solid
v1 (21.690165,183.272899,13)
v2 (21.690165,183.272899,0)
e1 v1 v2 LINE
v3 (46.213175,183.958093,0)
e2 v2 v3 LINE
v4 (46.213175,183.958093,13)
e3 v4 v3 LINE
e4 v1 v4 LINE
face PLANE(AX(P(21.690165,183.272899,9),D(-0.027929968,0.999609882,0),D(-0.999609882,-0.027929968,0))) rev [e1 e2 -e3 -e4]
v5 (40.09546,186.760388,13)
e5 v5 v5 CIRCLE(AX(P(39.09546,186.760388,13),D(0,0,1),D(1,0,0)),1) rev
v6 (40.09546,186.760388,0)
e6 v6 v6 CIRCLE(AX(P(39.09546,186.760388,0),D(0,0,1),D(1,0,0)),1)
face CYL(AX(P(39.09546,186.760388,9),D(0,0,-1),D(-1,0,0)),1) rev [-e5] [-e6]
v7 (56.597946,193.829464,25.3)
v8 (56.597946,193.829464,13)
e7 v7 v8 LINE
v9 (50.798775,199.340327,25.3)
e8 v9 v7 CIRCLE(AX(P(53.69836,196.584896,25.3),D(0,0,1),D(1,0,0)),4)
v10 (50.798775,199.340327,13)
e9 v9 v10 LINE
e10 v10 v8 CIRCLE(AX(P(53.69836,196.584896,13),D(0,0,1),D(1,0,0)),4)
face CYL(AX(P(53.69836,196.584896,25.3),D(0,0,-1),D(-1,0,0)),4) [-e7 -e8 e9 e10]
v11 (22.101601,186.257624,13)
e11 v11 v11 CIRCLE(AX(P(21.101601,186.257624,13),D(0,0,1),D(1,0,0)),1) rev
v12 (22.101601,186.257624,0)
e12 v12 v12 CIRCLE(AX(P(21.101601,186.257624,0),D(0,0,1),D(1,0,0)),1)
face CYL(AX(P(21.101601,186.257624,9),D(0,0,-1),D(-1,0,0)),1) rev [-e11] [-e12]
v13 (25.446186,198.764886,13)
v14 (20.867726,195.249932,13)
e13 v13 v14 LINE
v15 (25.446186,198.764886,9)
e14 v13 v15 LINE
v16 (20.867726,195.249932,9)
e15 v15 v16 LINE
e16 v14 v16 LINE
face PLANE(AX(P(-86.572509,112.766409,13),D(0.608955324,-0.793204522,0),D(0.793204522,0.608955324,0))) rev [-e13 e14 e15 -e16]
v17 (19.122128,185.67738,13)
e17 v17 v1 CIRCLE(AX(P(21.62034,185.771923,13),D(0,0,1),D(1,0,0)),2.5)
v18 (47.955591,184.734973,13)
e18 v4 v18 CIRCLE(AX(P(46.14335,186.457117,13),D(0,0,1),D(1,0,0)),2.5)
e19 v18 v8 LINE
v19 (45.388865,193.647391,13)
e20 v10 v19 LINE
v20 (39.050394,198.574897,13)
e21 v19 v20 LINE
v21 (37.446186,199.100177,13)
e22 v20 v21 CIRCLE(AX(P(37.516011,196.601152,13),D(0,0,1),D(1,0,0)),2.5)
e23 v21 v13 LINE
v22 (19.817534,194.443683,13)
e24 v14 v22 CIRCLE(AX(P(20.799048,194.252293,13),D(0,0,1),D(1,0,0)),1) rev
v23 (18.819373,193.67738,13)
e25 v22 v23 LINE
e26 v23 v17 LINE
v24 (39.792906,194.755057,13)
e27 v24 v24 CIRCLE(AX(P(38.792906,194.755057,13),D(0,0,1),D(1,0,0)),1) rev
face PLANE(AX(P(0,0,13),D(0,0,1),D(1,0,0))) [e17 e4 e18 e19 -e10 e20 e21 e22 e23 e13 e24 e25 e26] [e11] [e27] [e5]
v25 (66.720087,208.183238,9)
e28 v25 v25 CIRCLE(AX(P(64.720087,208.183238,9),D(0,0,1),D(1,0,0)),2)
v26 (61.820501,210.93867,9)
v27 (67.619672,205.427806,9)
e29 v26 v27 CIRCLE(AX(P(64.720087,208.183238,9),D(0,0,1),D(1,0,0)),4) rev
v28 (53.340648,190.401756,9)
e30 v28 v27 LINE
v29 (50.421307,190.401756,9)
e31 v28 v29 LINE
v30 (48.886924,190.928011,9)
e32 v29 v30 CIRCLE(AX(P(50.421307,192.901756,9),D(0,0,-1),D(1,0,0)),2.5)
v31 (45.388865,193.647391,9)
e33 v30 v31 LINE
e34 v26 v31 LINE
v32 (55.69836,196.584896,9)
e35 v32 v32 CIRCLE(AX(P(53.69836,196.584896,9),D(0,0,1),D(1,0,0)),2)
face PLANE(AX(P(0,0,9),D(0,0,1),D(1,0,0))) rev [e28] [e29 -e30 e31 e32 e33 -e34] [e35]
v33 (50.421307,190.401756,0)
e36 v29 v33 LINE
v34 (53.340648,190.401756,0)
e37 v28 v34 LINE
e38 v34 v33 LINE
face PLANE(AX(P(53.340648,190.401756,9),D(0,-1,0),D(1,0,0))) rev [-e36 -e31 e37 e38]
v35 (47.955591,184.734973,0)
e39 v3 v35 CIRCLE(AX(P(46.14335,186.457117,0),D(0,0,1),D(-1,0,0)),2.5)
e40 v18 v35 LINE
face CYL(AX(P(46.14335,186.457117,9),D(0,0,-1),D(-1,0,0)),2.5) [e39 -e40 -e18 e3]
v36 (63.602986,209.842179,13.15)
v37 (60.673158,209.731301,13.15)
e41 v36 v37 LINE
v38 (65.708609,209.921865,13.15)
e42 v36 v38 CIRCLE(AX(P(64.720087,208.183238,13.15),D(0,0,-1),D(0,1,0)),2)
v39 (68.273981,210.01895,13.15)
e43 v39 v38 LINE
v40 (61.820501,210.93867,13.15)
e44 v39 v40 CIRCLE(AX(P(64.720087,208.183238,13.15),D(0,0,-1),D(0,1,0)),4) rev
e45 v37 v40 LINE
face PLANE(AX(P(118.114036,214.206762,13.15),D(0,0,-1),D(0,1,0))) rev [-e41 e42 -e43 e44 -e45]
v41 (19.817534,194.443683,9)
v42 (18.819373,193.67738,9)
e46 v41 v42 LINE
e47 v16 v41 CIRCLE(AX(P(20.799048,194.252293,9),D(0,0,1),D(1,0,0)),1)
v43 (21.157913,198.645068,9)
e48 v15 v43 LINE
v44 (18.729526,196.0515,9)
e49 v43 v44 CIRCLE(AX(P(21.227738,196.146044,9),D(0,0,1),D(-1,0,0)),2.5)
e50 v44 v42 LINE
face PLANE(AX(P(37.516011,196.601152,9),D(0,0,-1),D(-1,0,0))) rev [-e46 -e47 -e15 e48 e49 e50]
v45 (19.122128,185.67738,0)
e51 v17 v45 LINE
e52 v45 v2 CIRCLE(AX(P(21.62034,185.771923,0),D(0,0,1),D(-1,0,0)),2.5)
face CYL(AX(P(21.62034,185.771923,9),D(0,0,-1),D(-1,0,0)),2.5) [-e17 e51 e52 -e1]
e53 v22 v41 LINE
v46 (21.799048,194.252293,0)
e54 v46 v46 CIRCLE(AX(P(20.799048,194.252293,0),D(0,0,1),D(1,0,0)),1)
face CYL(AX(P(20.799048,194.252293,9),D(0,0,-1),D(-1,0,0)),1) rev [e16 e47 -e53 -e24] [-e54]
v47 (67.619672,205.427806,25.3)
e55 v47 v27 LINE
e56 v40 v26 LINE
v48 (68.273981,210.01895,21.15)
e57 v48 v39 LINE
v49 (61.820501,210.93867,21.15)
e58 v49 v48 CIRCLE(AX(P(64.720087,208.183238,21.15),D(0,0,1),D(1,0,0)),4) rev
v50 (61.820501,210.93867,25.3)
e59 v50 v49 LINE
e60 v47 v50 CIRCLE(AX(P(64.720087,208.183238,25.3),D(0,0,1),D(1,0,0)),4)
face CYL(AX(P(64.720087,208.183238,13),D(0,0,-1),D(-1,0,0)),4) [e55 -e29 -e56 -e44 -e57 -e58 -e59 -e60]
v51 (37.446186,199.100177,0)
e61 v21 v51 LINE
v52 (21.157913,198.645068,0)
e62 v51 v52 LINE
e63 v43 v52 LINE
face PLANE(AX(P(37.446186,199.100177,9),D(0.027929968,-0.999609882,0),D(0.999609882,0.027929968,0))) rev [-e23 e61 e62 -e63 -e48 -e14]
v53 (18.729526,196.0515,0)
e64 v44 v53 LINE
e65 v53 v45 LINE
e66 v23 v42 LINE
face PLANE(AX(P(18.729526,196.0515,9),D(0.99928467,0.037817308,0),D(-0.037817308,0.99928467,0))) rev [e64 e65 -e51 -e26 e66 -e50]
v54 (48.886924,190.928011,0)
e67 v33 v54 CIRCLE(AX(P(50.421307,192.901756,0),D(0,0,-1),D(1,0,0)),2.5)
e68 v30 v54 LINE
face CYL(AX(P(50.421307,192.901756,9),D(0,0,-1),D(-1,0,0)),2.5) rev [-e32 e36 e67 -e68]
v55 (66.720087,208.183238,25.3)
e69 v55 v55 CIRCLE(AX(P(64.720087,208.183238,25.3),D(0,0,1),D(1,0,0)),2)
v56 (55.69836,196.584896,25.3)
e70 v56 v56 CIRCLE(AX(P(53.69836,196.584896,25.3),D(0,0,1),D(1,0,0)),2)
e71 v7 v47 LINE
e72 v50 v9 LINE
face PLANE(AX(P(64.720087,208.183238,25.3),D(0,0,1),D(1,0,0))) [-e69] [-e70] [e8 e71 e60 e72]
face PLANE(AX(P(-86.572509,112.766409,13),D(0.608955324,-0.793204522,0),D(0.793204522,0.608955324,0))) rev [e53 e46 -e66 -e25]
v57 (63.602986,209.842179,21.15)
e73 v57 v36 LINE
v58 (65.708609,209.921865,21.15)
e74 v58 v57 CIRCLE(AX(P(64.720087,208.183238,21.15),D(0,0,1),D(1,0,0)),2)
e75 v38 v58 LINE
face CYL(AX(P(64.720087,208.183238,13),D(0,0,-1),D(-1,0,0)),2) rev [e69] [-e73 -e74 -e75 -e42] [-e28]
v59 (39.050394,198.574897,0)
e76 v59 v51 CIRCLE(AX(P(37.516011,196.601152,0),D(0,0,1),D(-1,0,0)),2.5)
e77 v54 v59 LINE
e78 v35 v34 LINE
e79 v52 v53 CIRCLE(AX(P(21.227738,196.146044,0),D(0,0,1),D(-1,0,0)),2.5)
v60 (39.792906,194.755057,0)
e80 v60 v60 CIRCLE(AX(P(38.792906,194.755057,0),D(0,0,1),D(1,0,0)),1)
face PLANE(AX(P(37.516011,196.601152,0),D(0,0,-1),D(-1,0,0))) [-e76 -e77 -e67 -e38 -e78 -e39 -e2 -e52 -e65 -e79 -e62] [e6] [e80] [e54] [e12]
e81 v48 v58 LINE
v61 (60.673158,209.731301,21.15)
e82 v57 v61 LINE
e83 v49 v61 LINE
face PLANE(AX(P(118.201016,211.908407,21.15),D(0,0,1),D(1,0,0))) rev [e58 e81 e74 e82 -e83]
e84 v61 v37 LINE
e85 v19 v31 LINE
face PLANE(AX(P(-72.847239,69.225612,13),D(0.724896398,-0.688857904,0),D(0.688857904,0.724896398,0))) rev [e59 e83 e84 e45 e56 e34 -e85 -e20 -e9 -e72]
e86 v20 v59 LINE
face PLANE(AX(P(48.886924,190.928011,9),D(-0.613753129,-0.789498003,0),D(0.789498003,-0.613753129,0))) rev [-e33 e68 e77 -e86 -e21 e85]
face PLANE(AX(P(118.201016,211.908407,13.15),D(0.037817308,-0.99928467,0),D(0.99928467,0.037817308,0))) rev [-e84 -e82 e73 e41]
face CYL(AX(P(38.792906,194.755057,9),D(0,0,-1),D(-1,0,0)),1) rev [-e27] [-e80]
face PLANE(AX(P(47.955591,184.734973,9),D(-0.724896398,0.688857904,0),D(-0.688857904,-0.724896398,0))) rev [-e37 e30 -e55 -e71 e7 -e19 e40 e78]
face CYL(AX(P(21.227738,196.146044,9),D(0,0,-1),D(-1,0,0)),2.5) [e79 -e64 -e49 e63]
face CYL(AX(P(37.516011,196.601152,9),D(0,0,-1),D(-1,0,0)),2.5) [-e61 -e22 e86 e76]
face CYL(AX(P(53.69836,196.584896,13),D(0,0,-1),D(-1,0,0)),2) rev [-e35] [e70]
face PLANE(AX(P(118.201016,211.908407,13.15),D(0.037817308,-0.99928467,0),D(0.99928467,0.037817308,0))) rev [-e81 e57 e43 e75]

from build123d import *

# Parameters (mm, degrees)
SKETCH1_R           = 1
BOSS_EXTRUDE1_DEPTH = 9
SKETCH2_R           = 2
SKETCH2_R_2         = 1
BOSS_EXTRUDE3_DEPTH = 4
SKETCH3_R           = 2
BOSS_EXTRUDE4_DEPTH = 12.3
SKETCH4_W           = 8
SKETCH4_H           = 2.3
CUT_EXTRUDE1_DEPTH  = 100


with BuildPart() as part:
    # Sketch1 → Boss-Extrude1 (new body)
    with BuildSketch(Plane.XY):
        with BuildLine():
            Line((37.44618629, 199.100176708), (21.157913115, 198.645068222))
            ThreePointArc((21.157913115, 198.645068222), (19.402812913, 197.854741355), (18.729526359, 196.051500247))
            Line((18.729526359, 196.051500247), (19.122128495, 185.677380061))
            ThreePointArc((19.122128495, 185.677380061), (19.911642331, 183.946998209), (21.690165088, 183.272898624))
            Line((21.690165088, 183.272898624), (46.213174666, 183.958092791))
            ThreePointArc((46.213174666, 183.958092791), (47.16140114, 184.173792868), (47.955590742, 184.734972736))
            Line((47.955590742, 184.734972736), (53.340647935, 190.401756173))
            Line((53.340647935, 190.401756173), (50.421306908, 190.401756173))
            ThreePointArc((50.421306908, 190.401756173), (49.61024665, 190.536976848), (48.886924084, 190.928011166))
            Line((48.886924084, 190.928011166), (39.050394032, 198.574897009))
            ThreePointArc((39.050394032, 198.574897009), (38.293965035, 198.977028229), (37.44618629, 199.100176708))
        make_face()
        with Locations((20.799047924, 194.252293006)):
            Circle(SKETCH1_R, mode=Mode.SUBTRACT)
        with Locations((38.792906294, 194.755057023)):
            Circle(SKETCH1_R, mode=Mode.SUBTRACT)
        with Locations((39.095459561, 186.760388464)):
            Circle(SKETCH1_R, mode=Mode.SUBTRACT)
        with Locations((21.101601191, 186.257624448)):
            Circle(SKETCH1_R, mode=Mode.SUBTRACT)
    extrude(amount=BOSS_EXTRUDE1_DEPTH)

    # Sketch2 → Boss-Extrude3 (add)
    with BuildSketch(Plane.XY.offset(9)):
        with BuildLine():
            Line((61.820501213, 210.938669532), (45.388864845, 193.647390819))
            Line((45.388864845, 193.647390819), (48.886924084, 190.928011166))
            ThreePointArc((48.886924084, 190.928011166), (49.61024665, 190.536976848), (50.421306908, 190.401756173))
            Line((50.421306908, 190.401756173), (53.340647935, 190.401756173))
            Line((53.340647935, 190.401756173), (67.619672397, 205.427806299))
            ThreePointArc((67.619672397, 205.427806299), (67.475518422, 211.082823507), (61.820501213, 210.938669532))
        make_face()
        with Locations((53.698360337, 196.584895548)):
            Circle(SKETCH2_R, mode=Mode.SUBTRACT)
        with Locations((64.720086805, 208.183237915)):
            Circle(SKETCH2_R, mode=Mode.SUBTRACT)
        with BuildLine():
            Line((37.44618629, 199.100176708), (25.44618629, 198.764886296))
            Line((25.44618629, 198.764886296), (20.867726047, 195.249931876))
            ThreePointArc((20.867726047, 195.249931876), (21.530032918, 194.934686542), (21.799047924, 194.252293006))
            ThreePointArc((21.799047924, 194.252293006), (20.702907489, 193.256925226), (19.817533891, 194.443683189))
            Line((19.817533891, 194.443683189), (18.819373463, 193.677380061))
            Line((18.819373463, 193.677380061), (19.122128495, 185.677380061))
            ThreePointArc((19.122128495, 185.677380061), (19.911642331, 183.946998209), (21.690165088, 183.272898624))
            Line((21.690165088, 183.272898624), (46.213174666, 183.958092791))
            ThreePointArc((46.213174666, 183.958092791), (47.16140114, 184.173792868), (47.955590742, 184.734972736))
            Line((47.955590742, 184.734972736), (53.340647935, 190.401756173))
            Line((53.340647935, 190.401756173), (50.421306908, 190.401756173))
            ThreePointArc((50.421306908, 190.401756173), (49.61024665, 190.536976848), (48.886924084, 190.928011166))
            Line((48.886924084, 190.928011166), (45.388864845, 193.647390819))
            Line((45.388864845, 193.647390819), (39.050394032, 198.574897009))
            ThreePointArc((39.050394032, 198.574897009), (38.293965035, 198.977028229), (37.44618629, 199.100176708))
        make_face()
        with Locations((21.101601191, 186.257624448)):
            Circle(SKETCH2_R_2, mode=Mode.SUBTRACT)
        with Locations((39.095459561, 186.760388464)):
            Circle(SKETCH2_R_2, mode=Mode.SUBTRACT)
        with Locations((38.792906294, 194.755057023)):
            Circle(SKETCH2_R_2, mode=Mode.SUBTRACT)
    extrude(amount=BOSS_EXTRUDE3_DEPTH)

    # Sketch3 → Boss-Extrude4 (add)
    with BuildSketch(Plane.XY.offset(13)):
        with BuildLine():
            Line((67.619672397, 205.427806299), (56.597945929, 193.829463931))
            ThreePointArc((56.597945929, 193.829463931), (50.94292872, 193.685309956), (50.798774745, 199.340327165))
            Line((50.798774745, 199.340327165), (61.820501213, 210.938669532))
            ThreePointArc((61.820501213, 210.938669532), (67.475518422, 211.082823507), (67.619672397, 205.427806299))
        make_face()
        with Locations((64.720086805, 208.183237915)):
            Circle(SKETCH3_R, mode=Mode.SUBTRACT)
        with Locations((53.698360337, 196.584895548)):
            Circle(SKETCH3_R, mode=Mode.SUBTRACT)
    extrude(amount=BOSS_EXTRUDE4_DEPTH)

    # Sketch4 → Cut-Extrude1 (cut)
    with BuildSketch(Plane(origin=(26.111576718, 0.988176406, 0), x_dir=(0, 0, 1), z_dir=(-0.99928467, -0.037817308, 0))):
        with Locations((17.15, 208.436778709)):
            Rectangle(SKETCH4_W, SKETCH4_H)
    extrude(amount=-CUT_EXTRUDE1_DEPTH, mode=Mode.SUBTRACT)


solid = part.part
